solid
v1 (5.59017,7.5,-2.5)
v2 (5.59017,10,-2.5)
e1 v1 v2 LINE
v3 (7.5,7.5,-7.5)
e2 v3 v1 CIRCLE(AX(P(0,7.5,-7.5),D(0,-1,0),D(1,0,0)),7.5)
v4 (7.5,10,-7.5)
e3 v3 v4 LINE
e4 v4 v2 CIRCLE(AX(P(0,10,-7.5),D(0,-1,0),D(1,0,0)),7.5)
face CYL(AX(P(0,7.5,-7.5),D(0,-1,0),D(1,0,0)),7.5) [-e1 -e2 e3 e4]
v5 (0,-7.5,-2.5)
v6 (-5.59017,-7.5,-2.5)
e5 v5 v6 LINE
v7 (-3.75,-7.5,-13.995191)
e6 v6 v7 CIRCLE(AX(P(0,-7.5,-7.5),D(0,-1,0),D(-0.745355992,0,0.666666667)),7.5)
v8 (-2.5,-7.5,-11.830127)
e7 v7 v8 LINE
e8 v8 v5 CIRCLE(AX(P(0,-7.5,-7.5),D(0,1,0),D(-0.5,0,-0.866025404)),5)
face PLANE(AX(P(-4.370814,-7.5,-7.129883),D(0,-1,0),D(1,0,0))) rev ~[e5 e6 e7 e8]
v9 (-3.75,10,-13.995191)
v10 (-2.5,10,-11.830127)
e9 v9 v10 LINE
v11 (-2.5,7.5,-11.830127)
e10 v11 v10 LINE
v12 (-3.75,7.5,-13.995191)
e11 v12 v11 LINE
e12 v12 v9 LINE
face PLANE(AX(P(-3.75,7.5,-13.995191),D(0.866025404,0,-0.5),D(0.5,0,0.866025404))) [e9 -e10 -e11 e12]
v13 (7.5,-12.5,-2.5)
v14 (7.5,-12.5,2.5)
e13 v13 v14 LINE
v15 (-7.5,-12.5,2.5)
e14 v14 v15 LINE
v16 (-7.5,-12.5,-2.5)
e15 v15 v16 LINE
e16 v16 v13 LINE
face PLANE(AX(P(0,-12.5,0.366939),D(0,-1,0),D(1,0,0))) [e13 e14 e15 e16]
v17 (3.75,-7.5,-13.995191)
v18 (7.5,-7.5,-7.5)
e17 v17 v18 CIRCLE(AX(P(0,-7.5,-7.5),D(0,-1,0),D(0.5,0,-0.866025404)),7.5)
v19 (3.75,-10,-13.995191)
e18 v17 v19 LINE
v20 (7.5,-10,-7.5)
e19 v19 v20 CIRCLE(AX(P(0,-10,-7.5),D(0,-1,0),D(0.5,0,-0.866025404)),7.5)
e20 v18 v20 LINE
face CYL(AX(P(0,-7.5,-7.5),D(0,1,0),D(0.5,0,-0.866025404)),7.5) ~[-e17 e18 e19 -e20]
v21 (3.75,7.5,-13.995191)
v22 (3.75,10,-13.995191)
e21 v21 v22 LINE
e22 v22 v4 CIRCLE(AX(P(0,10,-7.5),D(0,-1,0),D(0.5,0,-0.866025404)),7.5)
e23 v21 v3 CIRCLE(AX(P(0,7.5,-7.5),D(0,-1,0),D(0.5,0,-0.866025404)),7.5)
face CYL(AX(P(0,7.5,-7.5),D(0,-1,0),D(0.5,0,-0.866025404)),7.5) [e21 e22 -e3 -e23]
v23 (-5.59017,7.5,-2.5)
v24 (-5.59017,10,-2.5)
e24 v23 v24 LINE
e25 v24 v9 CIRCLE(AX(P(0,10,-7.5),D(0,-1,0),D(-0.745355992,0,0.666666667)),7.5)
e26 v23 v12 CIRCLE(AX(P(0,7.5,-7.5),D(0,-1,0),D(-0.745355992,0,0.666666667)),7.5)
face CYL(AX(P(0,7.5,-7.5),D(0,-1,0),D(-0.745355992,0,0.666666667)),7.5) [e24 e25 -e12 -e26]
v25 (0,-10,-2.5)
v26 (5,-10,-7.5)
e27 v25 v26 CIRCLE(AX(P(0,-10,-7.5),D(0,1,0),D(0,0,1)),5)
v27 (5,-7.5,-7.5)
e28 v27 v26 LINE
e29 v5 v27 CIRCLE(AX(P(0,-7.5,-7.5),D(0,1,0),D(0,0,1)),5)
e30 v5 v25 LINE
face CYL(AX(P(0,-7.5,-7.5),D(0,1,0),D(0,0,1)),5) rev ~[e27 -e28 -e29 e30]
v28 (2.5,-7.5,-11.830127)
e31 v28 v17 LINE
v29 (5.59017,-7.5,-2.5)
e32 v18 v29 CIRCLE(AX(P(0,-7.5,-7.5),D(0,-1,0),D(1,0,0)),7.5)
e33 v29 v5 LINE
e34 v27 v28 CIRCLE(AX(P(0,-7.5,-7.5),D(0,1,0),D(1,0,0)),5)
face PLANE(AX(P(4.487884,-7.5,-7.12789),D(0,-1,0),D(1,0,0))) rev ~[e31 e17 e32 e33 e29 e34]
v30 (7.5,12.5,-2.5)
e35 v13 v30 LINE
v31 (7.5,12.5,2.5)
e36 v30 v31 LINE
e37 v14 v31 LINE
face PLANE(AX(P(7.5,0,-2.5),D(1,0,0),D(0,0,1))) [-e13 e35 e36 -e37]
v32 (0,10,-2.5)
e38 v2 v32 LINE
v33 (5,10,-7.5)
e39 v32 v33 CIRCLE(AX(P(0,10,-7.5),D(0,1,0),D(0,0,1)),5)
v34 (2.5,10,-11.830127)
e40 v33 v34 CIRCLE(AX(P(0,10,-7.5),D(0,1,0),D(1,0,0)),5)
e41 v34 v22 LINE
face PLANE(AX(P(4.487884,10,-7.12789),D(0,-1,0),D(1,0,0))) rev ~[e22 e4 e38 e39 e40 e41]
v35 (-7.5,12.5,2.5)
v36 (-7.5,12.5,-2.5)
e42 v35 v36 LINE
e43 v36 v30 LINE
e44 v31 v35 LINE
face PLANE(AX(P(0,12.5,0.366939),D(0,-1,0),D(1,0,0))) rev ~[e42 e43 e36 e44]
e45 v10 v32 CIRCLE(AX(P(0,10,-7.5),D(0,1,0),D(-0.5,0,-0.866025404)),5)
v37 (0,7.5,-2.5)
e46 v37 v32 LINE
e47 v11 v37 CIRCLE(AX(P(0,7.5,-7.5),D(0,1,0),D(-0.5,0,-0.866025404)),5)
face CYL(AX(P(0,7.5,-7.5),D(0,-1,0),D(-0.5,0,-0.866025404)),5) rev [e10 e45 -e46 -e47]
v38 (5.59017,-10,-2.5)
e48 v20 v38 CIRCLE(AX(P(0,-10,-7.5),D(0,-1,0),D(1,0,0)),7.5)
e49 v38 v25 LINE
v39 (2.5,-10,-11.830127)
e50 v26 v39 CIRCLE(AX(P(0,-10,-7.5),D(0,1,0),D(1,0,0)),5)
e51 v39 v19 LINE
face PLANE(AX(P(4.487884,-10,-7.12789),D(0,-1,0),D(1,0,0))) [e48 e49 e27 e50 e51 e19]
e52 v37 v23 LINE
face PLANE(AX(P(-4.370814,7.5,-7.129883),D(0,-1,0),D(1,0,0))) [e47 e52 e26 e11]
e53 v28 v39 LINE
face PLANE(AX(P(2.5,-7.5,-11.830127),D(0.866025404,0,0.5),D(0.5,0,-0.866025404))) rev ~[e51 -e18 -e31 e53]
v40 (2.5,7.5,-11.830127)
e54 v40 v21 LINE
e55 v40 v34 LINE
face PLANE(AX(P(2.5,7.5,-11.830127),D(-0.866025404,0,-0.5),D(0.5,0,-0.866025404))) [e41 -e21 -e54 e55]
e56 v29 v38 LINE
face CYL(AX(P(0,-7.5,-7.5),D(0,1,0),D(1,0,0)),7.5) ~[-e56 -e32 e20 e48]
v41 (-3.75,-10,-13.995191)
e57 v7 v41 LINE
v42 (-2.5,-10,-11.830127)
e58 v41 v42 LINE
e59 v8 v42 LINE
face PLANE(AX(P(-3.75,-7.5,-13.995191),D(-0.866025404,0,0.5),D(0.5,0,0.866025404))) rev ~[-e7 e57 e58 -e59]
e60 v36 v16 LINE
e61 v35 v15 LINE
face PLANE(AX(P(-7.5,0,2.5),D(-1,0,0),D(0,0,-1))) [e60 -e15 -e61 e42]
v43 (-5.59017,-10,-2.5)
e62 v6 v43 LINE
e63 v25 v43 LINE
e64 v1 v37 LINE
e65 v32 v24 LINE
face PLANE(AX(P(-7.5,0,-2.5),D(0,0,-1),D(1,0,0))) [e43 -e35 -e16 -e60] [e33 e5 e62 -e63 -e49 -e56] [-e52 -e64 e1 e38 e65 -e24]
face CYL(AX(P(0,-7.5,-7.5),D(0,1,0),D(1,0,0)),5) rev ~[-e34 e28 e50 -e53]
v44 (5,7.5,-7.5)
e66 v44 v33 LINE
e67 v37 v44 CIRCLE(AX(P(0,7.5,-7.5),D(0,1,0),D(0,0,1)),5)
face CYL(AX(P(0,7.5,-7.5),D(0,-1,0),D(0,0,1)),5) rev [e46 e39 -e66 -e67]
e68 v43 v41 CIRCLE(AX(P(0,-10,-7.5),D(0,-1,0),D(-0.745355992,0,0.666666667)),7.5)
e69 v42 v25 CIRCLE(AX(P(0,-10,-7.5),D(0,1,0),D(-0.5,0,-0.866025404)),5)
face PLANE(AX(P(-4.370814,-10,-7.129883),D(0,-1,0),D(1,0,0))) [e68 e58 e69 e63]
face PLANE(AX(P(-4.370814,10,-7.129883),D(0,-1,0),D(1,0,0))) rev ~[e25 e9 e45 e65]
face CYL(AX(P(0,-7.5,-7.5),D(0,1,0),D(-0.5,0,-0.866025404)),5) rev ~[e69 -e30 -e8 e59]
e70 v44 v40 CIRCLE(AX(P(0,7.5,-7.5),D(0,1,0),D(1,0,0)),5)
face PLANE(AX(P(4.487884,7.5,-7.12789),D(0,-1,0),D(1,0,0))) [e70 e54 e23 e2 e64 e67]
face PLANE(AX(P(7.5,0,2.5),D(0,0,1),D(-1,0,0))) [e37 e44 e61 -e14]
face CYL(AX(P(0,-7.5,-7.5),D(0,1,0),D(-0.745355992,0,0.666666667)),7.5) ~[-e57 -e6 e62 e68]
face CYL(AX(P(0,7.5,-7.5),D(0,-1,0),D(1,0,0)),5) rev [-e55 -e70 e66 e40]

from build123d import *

# Parameters (mm, degrees)
F1_DEPTH = 12.5
F2_START = 7.5
F2_DEPTH = 2.5
F3_START = -7.5
F3_DEPTH = 2.5


with BuildPart() as f1:
    # F0 (on Front) → F1 (new body, symmetric)
    with BuildSketch(Plane.XZ):
        with BuildLine():
            Line((7.5, 2.5), (-7.5, 2.5))
            Line((-7.5, 2.5), (-7.5, -2.5))
            Line((-7.5, -2.5), (-5.5901699437, -2.5))
            ThreePointArc((-5.5901699437, -2.5), (0, 0), (5.5901699437, -2.5))
            Line((5.5901699437, -2.5), (7.5, -2.5))
            Line((7.5, -2.5), (7.5, 2.5))
        make_face()
        with BuildLine():
            ThreePointArc((5.5901699437, -2.5), (0, 0), (-5.5901699437, -2.5))
            Line((-5.5901699437, -2.5), (0, -2.5))
            Line((0, -2.5), (5.5901699437, -2.5))
        make_face()
    extrude(amount=F1_DEPTH, both=True)

    # F0 (on Front) → F2 (join)
    with BuildSketch(Plane.XZ.offset(F2_START)):
        with BuildLine():
            Line((0, -2.5), (-5.5901699437, -2.5))
            ThreePointArc((-5.5901699437, -2.5), (-7.4057102945, -8.6855188883), (-3.75, -13.9951905284))
            Line((-3.75, -13.9951905284), (-2.5, -11.8301270189))
            ThreePointArc((-2.5, -11.8301270189), (-4.8296291314, -6.2059047745), (0, -2.5))
        make_face()
        with BuildLine():
            ThreePointArc((7.5, -7.5), (7.0062926922, -4.8238343267), (5.5901699437, -2.5))
            Line((5.5901699437, -2.5), (0, -2.5))
            ThreePointArc((0, -2.5), (3.5355339059, -3.9644660941), (5, -7.5))
            ThreePointArc((5, -7.5), (4.3301270189, -10), (2.5, -11.8301270189))
            Line((2.5, -11.8301270189), (3.75, -13.9951905284))
            ThreePointArc((3.75, -13.9951905284), (6.4951905284, -11.25), (7.5, -7.5))
        make_face()
    extrude(amount=F2_DEPTH)

    # F0 (on Front) → F3 (join)
    with BuildSketch(Plane.XZ.offset(F3_START)):
        with BuildLine():
            ThreePointArc((7.5, -7.5), (7.0062926922, -4.8238343267), (5.5901699437, -2.5))
            Line((5.5901699437, -2.5), (0, -2.5))
            ThreePointArc((0, -2.5), (3.5355339059, -3.9644660941), (5, -7.5))
            ThreePointArc((5, -7.5), (4.3301270189, -10), (2.5, -11.8301270189))
            Line((2.5, -11.8301270189), (3.75, -13.9951905284))
            ThreePointArc((3.75, -13.9951905284), (6.4951905284, -11.25), (7.5, -7.5))
        make_face()
        with BuildLine():
            Line((0, -2.5), (-5.5901699437, -2.5))
            ThreePointArc((-5.5901699437, -2.5), (-7.4057102945, -8.6855188883), (-3.75, -13.9951905284))
            Line((-3.75, -13.9951905284), (-2.5, -11.8301270189))
            ThreePointArc((-2.5, -11.8301270189), (-4.8296291314, -6.2059047745), (0, -2.5))
        make_face()
    extrude(amount=-F3_DEPTH)


solid = f1.part
